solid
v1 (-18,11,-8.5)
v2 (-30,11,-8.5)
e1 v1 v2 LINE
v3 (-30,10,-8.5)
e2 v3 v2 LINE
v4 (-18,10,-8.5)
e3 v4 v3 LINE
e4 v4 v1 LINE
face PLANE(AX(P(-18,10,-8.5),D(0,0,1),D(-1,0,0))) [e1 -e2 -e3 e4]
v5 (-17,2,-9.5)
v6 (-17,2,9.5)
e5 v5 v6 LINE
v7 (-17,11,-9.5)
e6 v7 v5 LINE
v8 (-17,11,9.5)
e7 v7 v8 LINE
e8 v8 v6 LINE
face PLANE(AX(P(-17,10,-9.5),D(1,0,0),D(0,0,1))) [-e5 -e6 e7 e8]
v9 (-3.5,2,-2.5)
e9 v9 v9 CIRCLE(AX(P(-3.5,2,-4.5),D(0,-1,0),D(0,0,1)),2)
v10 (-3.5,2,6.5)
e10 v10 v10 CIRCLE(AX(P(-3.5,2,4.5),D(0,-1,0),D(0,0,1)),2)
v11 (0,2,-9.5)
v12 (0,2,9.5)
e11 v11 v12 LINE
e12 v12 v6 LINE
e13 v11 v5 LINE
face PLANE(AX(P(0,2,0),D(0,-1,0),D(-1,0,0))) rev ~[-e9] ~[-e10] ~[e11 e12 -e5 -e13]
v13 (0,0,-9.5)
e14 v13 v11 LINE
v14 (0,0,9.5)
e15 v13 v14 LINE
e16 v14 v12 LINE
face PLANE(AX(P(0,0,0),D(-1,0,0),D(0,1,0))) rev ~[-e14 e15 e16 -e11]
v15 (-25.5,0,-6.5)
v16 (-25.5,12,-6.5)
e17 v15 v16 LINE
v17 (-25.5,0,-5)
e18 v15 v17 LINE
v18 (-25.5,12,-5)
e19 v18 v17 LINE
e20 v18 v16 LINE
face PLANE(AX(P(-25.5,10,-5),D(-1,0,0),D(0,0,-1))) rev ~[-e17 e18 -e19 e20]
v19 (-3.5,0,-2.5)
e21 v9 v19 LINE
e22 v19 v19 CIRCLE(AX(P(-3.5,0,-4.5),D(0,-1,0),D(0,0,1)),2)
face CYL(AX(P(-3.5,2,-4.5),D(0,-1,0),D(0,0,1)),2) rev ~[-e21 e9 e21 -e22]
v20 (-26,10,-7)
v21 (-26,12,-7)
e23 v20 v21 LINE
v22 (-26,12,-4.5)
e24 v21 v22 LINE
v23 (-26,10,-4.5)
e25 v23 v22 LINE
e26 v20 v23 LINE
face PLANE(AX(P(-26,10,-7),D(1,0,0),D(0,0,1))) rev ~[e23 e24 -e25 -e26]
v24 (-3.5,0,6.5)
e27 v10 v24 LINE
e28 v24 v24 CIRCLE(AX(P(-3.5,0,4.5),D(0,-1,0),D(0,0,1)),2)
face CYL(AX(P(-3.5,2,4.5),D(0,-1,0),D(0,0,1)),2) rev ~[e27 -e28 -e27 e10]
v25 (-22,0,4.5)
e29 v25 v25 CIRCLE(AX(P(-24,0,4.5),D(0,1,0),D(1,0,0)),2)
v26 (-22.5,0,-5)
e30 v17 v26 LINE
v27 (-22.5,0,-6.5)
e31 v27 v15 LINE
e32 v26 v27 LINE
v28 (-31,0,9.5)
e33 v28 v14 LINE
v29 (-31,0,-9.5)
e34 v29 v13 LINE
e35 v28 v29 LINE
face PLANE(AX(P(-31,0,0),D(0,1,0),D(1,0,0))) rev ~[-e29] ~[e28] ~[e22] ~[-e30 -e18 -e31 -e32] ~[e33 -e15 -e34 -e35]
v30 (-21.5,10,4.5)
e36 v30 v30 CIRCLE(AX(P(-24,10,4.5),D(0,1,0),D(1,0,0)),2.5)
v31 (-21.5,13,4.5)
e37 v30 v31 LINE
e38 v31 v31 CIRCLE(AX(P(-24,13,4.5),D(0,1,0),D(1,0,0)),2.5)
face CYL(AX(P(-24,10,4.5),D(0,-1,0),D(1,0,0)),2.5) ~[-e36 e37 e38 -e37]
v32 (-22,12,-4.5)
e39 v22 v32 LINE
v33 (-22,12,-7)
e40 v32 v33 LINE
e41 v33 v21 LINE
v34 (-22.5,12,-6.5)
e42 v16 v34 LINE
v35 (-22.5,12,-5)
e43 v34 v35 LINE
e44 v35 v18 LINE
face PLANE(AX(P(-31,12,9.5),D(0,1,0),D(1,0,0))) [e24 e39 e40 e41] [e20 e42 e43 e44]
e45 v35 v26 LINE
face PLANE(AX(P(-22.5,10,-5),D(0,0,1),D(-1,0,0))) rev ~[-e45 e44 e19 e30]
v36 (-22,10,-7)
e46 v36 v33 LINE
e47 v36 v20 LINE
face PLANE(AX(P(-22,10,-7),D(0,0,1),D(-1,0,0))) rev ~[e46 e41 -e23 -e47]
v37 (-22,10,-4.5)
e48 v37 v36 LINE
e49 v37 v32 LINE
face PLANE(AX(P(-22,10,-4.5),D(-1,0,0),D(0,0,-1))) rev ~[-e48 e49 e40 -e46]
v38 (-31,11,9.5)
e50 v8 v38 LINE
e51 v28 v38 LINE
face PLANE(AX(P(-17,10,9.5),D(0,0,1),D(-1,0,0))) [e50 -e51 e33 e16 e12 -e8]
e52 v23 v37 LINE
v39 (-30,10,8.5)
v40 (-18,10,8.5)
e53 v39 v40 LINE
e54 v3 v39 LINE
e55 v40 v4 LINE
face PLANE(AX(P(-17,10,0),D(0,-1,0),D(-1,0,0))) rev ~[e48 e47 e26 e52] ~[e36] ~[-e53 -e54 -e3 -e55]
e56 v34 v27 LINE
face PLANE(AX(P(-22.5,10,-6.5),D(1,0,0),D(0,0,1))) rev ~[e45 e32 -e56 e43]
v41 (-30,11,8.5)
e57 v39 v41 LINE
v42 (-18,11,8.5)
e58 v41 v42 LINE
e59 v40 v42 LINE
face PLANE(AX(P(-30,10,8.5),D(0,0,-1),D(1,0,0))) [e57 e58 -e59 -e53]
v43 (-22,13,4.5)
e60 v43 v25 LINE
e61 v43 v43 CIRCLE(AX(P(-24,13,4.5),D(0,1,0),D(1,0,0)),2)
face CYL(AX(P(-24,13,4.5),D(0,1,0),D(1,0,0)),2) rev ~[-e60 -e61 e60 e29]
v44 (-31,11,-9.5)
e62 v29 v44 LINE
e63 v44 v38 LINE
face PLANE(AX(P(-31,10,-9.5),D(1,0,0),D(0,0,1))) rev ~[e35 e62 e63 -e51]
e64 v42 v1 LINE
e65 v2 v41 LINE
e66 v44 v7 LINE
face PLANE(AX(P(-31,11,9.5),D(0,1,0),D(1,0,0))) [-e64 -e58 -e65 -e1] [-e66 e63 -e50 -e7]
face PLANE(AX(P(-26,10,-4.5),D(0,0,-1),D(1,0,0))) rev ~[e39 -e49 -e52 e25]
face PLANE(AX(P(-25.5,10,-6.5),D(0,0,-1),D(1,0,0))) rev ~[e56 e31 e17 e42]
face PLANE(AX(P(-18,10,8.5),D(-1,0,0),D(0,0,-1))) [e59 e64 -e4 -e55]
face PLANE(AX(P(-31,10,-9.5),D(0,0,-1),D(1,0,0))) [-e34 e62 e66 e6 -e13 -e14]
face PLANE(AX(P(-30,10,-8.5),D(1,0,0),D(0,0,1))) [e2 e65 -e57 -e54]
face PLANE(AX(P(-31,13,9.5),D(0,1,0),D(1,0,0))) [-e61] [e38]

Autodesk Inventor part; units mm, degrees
ref_plane "YZ Plane" through (0, 0, 0) normal (1, 0, 0) x (0, 1, 0)
ref_plane "XZ Plane" through (0, 0, 0) normal (0, 1, 0) x (-1, 0, 0)
ref_plane "XY Plane" through (0, 0, 0) normal (0, 0, 1) x (1, 0, 0)
sketch "Skizze1" plane through (0, 0, 0) normal (0, 0, 1) x (1, 0, 0)
  line L0 (0, 0) -> (0, 2)
  line L1 (0, 2) -> (-17, 2)
  line L2 (-17, 2) -> (-17, 10)
  line L3 (-17, 10) -> (-31, 10)
  line L4 (-31, 10) -> (-31, 0)
  line L5 (-31, 0) -> (0, 0)
  dimension "d0" = 17
  dimension "d1" = 2
  dimension "d2" = 14
  dimension "d3" = 10
extrude "Extrusion1" add sketch "Skizze1" along normal mid plane 19
sketch "Skizze2" plane through (-31, 10, 9.5) normal (0, 1, 0) x (1, 0, 0)
  circle A0 centre (7, 5) radius 2.5
  line L0 (14, 0) -> (0, 0) projected
  point P0 (31, 9.5)
  point P1 (7, 0)
  dimension "d6" = 5
  dimension "d7" = 5
extrude "Extrusion2" add sketch "Skizze2" along normal blind 3
sketch "Skizze3" plane through (-24, 13, 4.5) normal (0, 1, 0) x (1, 0, 0)
  circle A0 centre (0, 0) radius 2
  point P0 (24, 4.5)
  dimension "d10" = 4
extrude "Extrusion3" cut sketch "Skizze3" against normal through all
sketch "Skizze4" plane through (-31, 10, 9.5) normal (0, 1, 0) x (1, 0, 0)
  line L0 (5.5, 14.5) -> (8.5, 14.5)
  line L1 (8.5, 14.5) -> (8.5, 16)
  line L2 (8.5, 16) -> (5.5, 16)
  line L3 (5.5, 16) -> (5.5, 14.5)
  line L4 (0, 19) -> (14, 19) projected
  point P0 (31, 9.5)
  point P1 (7, 16)
  point P2 (7, 19)
  dimension "d13" = 1.5
  dimension "d14" = 3
  dimension "d15" = 3
extrude "Extrusion4" cut sketch "Skizze4" against normal through all
sketch "Skizze5" plane through (-31, 10, 9.5) normal (0, 1, 0) x (1, 0, 0)
  line L0 (5.5, 16) -> (8.5, 16) projected
  line L1 (5, 14) -> (9, 14)
  line L2 (9, 14) -> (9, 16.5)
  line L3 (9, 16.5) -> (5, 16.5)
  line L4 (5, 16.5) -> (5, 14)
  line L5 (5.5, 14.5) -> (5.5, 16) projected
  line L6 (8.5, 16) -> (8.5, 14.5) projected
  line L7 (8.5, 14.5) -> (5.5, 14.5) projected
  point P0 (31, 9.5)
  point P1 (5, 15.25)
  point P2 (5.5, 15.25)
  point P3 (7, 14)
  point P4 (7, 16)
  dimension "d18" = 0.5
  dimension "d19" = 0.5
extrude "Extrusion5" add sketch "Skizze5" along normal blind 2
sketch "Skizze6" plane through (-31, 10, 9.5) normal (0, 1, 0) x (1, 0, 0)
  line L0 (0, 19) -> (0, 0) projected
  line L1 (0, 19) -> (14, 19) projected
  line L2 (14, 19) -> (14, 0) projected
  line L3 (14, 0) -> (0, 0) projected
  line L4 (1, 1) -> (13, 1)
  line L5 (13, 1) -> (13, 18)
  line L6 (13, 18) -> (1, 18)
  line L7 (1, 18) -> (1, 1)
  point P0 (31, 9.5)
  point P1 (1, 9.5)
  point P2 (0, 9.5)
  point P3 (7, 18)
  point P4 (7, 19)
  dimension "d22" = 1
  dimension "d23" = 1
extrude "Extrusion6" add sketch "Skizze6" along normal blind 1
sketch "Skizze7" plane through (-17, 2, 9.5) normal (0, 1, 0) x (1, 0, 0)
  line L0 (17, 19) -> (17, 0) projected
  line L1 (17, 19) -> (17, 14)
  line L2 (17, 14) -> (13.5, 14)
  line L3 (17, 0) -> (17, 5)
  line L4 (17, 5) -> (13.5, 5)
  point P0 (17, 9.5)
  dimension "d26" = 5
  dimension "d27" = 3.5
  dimension "d28" = 5
  dimension "d29" = 3.5
hole "Bohrung1" at (-3.5, 2, 4.5) at (-3.5, 2, -4.5) direction (0, -1, 0) diameter 4 depth 50 tip angle 118
properties part number "Deck_neu"
